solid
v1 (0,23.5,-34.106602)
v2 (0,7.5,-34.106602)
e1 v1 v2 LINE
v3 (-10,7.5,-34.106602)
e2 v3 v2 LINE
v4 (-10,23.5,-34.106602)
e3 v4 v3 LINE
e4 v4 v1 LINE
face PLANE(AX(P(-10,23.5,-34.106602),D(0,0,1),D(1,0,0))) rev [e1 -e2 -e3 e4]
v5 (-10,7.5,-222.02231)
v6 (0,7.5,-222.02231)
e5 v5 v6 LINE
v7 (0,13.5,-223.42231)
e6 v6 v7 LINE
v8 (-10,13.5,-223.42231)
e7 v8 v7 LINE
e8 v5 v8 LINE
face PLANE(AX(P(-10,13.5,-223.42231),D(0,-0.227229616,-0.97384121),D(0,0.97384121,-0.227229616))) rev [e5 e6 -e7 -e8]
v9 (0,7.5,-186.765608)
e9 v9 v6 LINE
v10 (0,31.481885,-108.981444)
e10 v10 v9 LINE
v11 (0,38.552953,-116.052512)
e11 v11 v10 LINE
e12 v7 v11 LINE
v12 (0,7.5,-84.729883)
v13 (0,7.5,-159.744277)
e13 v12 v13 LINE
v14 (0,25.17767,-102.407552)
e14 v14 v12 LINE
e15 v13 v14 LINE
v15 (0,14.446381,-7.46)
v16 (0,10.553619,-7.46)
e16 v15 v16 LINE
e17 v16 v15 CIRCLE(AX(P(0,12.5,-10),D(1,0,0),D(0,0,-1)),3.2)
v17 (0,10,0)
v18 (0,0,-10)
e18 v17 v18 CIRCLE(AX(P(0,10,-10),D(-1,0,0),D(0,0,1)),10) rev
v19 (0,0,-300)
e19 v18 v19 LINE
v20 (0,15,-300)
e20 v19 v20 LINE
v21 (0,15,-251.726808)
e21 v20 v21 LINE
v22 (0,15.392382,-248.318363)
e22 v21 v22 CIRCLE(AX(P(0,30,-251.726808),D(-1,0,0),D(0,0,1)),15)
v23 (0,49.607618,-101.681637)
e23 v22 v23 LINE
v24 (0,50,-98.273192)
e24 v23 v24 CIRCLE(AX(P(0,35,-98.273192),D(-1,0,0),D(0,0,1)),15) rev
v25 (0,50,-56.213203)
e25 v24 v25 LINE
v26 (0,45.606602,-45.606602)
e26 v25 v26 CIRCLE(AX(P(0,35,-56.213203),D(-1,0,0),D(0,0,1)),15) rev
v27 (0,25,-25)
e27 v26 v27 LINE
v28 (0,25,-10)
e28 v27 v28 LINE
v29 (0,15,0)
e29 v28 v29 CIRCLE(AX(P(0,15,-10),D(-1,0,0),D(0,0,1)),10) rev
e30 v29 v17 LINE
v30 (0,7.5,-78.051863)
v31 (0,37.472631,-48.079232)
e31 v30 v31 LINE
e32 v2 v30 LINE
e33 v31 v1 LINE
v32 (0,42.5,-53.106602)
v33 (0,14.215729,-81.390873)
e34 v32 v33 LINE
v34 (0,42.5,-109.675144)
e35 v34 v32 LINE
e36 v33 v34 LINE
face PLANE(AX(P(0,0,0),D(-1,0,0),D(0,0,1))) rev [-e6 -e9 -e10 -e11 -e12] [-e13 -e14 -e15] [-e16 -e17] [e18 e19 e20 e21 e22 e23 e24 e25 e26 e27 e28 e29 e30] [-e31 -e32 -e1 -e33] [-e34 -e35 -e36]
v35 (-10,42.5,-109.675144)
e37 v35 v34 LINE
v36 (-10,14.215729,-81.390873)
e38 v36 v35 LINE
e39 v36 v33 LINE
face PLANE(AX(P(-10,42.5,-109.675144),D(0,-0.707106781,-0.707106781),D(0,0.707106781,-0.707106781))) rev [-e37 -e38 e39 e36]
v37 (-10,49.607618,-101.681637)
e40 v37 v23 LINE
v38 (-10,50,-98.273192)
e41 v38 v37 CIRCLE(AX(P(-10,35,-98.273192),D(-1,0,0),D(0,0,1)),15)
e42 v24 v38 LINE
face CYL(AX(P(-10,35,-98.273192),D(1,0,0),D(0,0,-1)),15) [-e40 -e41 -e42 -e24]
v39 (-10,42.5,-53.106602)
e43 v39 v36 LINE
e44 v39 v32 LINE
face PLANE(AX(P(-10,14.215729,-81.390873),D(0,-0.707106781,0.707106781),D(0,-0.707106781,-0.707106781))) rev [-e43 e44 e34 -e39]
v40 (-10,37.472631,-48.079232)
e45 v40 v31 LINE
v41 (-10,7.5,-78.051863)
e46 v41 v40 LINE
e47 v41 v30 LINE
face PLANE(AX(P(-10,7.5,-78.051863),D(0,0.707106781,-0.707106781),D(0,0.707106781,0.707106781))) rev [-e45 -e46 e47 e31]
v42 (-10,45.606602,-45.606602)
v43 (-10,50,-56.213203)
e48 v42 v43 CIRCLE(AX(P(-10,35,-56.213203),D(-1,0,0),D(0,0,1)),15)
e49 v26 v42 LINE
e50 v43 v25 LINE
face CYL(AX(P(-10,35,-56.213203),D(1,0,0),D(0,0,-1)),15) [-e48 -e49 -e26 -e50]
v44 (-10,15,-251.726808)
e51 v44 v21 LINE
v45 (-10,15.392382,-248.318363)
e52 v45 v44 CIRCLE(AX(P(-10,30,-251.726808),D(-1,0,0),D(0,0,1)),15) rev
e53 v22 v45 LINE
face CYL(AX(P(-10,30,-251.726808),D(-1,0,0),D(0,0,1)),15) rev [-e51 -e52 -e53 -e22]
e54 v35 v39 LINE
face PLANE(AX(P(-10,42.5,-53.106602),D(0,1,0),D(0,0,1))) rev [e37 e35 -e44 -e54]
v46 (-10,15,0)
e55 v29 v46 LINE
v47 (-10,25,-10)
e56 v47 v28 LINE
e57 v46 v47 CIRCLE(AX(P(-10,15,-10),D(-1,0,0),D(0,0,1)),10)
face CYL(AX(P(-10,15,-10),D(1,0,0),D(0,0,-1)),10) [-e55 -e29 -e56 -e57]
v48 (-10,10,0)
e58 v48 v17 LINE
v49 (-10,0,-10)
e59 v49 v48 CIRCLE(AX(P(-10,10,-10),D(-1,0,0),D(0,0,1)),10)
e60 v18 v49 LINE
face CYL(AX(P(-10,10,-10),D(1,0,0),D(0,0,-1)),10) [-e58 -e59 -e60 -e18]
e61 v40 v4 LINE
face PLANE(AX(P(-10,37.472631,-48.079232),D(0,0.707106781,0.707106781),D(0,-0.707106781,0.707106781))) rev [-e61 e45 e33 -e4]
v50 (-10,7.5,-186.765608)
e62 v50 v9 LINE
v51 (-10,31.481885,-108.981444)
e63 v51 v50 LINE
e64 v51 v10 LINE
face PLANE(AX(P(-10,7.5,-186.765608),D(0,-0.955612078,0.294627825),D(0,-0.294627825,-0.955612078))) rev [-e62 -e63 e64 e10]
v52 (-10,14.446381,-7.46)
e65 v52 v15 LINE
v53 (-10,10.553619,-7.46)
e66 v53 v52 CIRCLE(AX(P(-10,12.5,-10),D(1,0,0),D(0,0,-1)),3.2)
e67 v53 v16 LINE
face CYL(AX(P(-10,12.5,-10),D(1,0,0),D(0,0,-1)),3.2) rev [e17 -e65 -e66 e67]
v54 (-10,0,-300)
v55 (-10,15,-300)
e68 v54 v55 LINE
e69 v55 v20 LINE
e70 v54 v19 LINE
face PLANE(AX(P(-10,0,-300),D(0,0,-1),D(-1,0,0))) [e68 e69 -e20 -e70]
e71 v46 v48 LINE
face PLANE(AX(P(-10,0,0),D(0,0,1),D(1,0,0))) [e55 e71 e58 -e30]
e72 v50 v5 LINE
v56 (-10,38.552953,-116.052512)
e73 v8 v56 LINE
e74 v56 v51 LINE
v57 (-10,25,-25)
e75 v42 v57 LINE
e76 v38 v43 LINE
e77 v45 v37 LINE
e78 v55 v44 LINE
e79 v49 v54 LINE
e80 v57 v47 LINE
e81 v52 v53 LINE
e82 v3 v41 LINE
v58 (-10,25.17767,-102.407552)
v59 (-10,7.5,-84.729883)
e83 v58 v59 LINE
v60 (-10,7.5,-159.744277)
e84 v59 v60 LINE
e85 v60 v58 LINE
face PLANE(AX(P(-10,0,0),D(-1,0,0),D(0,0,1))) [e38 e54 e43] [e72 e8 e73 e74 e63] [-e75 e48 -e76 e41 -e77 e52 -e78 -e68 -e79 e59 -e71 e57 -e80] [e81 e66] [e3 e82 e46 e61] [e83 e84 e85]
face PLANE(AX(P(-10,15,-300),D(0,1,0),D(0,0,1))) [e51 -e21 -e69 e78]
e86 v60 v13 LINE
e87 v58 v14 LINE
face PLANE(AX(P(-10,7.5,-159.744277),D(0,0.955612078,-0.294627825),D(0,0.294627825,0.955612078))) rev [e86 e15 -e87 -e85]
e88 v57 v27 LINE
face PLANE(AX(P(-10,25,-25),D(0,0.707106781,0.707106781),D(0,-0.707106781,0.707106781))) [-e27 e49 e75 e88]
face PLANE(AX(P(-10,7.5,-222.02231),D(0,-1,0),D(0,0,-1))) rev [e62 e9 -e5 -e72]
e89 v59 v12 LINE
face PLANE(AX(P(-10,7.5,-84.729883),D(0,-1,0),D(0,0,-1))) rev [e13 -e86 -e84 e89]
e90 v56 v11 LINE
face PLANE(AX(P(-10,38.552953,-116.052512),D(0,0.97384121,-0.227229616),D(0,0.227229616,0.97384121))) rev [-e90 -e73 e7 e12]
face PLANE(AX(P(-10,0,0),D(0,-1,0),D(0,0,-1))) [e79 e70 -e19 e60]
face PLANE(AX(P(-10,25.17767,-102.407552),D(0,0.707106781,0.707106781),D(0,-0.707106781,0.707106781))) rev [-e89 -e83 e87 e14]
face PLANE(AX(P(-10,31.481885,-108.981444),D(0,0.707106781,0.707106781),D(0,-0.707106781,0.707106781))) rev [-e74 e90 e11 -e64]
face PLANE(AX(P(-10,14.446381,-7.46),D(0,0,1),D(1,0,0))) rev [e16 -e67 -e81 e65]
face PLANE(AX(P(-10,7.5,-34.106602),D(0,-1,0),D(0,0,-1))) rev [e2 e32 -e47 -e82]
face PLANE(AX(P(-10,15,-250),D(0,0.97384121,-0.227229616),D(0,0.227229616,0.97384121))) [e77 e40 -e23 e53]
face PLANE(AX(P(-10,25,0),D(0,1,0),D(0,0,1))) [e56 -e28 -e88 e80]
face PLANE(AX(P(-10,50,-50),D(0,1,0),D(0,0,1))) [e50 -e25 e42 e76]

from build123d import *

# Parameters (mm, degrees)
BOSS_EXTRUDE1_DEPTH = 10
CUT_EXTRUDE2_DEPTH  = 305.302481094
FILLET1_R           = 10
FILLET2_R           = 15


with BuildPart() as part:
    # Sketch1 → Boss-Extrude1 (new body)
    with BuildSketch(Plane(origin=(0, 0, 0), x_dir=(0, 0, -1), z_dir=(1, 0, 0))):
        Polygon((0, 0), (300, 0), (300, 15), (250, 15), (100, 50), (50, 50), (25, 25), (0, 25), align=None)
    extrude(amount=-BOSS_EXTRUDE1_DEPTH)

    # Sketch2 → Cut-Extrude2 (cut, through all)
    with BuildSketch(Plane(origin=(0, 0, 0), x_dir=(0, 0, -1), z_dir=(1, 0, 0))):
        Polygon((53.106601718, 42.5), (109.675144213, 42.5), (81.390872965, 14.215728753), align=None)
        Polygon((34.106601718, 23.5), (34.106601718, 7.5), (78.051863034, 7.5), (48.079232376, 37.472630658), align=None)
        Polygon((102.407552426, 25.17766953), (84.729882897, 7.5), (159.744277132, 7.5), align=None)
        Polygon((116.052511988, 38.552952969), (223.422310427, 13.5), (222.022310427, 7.5), (186.765608253, 7.5), (108.981444176, 31.481885157), align=None)
        with BuildLine():
            Line((7.46, 14.446381258), (7.46, 10.553618742))
            ThreePointArc((7.46, 10.553618742), (13.2, 12.5), (7.46, 14.446381258))
        make_face()
    extrude(amount=-CUT_EXTRUDE2_DEPTH, mode=Mode.SUBTRACT)

    # Fillet1
    fillet1_edges = [part.edges().sort_by_distance(p)[0] for p in [
        (-5, 25, 0),
        (-5, 0, 0),
    ]]
    fillet(fillet1_edges, radius=FILLET1_R)

    # Fillet2
    fillet2_edges = [part.edges().sort_by_distance(p)[0] for p in [
        (-5, 50, -50),
        (-5, 50, -100),
        (-5, 15, -250),
    ]]
    fillet(fillet2_edges, radius=FILLET2_R)


solid = part.part
